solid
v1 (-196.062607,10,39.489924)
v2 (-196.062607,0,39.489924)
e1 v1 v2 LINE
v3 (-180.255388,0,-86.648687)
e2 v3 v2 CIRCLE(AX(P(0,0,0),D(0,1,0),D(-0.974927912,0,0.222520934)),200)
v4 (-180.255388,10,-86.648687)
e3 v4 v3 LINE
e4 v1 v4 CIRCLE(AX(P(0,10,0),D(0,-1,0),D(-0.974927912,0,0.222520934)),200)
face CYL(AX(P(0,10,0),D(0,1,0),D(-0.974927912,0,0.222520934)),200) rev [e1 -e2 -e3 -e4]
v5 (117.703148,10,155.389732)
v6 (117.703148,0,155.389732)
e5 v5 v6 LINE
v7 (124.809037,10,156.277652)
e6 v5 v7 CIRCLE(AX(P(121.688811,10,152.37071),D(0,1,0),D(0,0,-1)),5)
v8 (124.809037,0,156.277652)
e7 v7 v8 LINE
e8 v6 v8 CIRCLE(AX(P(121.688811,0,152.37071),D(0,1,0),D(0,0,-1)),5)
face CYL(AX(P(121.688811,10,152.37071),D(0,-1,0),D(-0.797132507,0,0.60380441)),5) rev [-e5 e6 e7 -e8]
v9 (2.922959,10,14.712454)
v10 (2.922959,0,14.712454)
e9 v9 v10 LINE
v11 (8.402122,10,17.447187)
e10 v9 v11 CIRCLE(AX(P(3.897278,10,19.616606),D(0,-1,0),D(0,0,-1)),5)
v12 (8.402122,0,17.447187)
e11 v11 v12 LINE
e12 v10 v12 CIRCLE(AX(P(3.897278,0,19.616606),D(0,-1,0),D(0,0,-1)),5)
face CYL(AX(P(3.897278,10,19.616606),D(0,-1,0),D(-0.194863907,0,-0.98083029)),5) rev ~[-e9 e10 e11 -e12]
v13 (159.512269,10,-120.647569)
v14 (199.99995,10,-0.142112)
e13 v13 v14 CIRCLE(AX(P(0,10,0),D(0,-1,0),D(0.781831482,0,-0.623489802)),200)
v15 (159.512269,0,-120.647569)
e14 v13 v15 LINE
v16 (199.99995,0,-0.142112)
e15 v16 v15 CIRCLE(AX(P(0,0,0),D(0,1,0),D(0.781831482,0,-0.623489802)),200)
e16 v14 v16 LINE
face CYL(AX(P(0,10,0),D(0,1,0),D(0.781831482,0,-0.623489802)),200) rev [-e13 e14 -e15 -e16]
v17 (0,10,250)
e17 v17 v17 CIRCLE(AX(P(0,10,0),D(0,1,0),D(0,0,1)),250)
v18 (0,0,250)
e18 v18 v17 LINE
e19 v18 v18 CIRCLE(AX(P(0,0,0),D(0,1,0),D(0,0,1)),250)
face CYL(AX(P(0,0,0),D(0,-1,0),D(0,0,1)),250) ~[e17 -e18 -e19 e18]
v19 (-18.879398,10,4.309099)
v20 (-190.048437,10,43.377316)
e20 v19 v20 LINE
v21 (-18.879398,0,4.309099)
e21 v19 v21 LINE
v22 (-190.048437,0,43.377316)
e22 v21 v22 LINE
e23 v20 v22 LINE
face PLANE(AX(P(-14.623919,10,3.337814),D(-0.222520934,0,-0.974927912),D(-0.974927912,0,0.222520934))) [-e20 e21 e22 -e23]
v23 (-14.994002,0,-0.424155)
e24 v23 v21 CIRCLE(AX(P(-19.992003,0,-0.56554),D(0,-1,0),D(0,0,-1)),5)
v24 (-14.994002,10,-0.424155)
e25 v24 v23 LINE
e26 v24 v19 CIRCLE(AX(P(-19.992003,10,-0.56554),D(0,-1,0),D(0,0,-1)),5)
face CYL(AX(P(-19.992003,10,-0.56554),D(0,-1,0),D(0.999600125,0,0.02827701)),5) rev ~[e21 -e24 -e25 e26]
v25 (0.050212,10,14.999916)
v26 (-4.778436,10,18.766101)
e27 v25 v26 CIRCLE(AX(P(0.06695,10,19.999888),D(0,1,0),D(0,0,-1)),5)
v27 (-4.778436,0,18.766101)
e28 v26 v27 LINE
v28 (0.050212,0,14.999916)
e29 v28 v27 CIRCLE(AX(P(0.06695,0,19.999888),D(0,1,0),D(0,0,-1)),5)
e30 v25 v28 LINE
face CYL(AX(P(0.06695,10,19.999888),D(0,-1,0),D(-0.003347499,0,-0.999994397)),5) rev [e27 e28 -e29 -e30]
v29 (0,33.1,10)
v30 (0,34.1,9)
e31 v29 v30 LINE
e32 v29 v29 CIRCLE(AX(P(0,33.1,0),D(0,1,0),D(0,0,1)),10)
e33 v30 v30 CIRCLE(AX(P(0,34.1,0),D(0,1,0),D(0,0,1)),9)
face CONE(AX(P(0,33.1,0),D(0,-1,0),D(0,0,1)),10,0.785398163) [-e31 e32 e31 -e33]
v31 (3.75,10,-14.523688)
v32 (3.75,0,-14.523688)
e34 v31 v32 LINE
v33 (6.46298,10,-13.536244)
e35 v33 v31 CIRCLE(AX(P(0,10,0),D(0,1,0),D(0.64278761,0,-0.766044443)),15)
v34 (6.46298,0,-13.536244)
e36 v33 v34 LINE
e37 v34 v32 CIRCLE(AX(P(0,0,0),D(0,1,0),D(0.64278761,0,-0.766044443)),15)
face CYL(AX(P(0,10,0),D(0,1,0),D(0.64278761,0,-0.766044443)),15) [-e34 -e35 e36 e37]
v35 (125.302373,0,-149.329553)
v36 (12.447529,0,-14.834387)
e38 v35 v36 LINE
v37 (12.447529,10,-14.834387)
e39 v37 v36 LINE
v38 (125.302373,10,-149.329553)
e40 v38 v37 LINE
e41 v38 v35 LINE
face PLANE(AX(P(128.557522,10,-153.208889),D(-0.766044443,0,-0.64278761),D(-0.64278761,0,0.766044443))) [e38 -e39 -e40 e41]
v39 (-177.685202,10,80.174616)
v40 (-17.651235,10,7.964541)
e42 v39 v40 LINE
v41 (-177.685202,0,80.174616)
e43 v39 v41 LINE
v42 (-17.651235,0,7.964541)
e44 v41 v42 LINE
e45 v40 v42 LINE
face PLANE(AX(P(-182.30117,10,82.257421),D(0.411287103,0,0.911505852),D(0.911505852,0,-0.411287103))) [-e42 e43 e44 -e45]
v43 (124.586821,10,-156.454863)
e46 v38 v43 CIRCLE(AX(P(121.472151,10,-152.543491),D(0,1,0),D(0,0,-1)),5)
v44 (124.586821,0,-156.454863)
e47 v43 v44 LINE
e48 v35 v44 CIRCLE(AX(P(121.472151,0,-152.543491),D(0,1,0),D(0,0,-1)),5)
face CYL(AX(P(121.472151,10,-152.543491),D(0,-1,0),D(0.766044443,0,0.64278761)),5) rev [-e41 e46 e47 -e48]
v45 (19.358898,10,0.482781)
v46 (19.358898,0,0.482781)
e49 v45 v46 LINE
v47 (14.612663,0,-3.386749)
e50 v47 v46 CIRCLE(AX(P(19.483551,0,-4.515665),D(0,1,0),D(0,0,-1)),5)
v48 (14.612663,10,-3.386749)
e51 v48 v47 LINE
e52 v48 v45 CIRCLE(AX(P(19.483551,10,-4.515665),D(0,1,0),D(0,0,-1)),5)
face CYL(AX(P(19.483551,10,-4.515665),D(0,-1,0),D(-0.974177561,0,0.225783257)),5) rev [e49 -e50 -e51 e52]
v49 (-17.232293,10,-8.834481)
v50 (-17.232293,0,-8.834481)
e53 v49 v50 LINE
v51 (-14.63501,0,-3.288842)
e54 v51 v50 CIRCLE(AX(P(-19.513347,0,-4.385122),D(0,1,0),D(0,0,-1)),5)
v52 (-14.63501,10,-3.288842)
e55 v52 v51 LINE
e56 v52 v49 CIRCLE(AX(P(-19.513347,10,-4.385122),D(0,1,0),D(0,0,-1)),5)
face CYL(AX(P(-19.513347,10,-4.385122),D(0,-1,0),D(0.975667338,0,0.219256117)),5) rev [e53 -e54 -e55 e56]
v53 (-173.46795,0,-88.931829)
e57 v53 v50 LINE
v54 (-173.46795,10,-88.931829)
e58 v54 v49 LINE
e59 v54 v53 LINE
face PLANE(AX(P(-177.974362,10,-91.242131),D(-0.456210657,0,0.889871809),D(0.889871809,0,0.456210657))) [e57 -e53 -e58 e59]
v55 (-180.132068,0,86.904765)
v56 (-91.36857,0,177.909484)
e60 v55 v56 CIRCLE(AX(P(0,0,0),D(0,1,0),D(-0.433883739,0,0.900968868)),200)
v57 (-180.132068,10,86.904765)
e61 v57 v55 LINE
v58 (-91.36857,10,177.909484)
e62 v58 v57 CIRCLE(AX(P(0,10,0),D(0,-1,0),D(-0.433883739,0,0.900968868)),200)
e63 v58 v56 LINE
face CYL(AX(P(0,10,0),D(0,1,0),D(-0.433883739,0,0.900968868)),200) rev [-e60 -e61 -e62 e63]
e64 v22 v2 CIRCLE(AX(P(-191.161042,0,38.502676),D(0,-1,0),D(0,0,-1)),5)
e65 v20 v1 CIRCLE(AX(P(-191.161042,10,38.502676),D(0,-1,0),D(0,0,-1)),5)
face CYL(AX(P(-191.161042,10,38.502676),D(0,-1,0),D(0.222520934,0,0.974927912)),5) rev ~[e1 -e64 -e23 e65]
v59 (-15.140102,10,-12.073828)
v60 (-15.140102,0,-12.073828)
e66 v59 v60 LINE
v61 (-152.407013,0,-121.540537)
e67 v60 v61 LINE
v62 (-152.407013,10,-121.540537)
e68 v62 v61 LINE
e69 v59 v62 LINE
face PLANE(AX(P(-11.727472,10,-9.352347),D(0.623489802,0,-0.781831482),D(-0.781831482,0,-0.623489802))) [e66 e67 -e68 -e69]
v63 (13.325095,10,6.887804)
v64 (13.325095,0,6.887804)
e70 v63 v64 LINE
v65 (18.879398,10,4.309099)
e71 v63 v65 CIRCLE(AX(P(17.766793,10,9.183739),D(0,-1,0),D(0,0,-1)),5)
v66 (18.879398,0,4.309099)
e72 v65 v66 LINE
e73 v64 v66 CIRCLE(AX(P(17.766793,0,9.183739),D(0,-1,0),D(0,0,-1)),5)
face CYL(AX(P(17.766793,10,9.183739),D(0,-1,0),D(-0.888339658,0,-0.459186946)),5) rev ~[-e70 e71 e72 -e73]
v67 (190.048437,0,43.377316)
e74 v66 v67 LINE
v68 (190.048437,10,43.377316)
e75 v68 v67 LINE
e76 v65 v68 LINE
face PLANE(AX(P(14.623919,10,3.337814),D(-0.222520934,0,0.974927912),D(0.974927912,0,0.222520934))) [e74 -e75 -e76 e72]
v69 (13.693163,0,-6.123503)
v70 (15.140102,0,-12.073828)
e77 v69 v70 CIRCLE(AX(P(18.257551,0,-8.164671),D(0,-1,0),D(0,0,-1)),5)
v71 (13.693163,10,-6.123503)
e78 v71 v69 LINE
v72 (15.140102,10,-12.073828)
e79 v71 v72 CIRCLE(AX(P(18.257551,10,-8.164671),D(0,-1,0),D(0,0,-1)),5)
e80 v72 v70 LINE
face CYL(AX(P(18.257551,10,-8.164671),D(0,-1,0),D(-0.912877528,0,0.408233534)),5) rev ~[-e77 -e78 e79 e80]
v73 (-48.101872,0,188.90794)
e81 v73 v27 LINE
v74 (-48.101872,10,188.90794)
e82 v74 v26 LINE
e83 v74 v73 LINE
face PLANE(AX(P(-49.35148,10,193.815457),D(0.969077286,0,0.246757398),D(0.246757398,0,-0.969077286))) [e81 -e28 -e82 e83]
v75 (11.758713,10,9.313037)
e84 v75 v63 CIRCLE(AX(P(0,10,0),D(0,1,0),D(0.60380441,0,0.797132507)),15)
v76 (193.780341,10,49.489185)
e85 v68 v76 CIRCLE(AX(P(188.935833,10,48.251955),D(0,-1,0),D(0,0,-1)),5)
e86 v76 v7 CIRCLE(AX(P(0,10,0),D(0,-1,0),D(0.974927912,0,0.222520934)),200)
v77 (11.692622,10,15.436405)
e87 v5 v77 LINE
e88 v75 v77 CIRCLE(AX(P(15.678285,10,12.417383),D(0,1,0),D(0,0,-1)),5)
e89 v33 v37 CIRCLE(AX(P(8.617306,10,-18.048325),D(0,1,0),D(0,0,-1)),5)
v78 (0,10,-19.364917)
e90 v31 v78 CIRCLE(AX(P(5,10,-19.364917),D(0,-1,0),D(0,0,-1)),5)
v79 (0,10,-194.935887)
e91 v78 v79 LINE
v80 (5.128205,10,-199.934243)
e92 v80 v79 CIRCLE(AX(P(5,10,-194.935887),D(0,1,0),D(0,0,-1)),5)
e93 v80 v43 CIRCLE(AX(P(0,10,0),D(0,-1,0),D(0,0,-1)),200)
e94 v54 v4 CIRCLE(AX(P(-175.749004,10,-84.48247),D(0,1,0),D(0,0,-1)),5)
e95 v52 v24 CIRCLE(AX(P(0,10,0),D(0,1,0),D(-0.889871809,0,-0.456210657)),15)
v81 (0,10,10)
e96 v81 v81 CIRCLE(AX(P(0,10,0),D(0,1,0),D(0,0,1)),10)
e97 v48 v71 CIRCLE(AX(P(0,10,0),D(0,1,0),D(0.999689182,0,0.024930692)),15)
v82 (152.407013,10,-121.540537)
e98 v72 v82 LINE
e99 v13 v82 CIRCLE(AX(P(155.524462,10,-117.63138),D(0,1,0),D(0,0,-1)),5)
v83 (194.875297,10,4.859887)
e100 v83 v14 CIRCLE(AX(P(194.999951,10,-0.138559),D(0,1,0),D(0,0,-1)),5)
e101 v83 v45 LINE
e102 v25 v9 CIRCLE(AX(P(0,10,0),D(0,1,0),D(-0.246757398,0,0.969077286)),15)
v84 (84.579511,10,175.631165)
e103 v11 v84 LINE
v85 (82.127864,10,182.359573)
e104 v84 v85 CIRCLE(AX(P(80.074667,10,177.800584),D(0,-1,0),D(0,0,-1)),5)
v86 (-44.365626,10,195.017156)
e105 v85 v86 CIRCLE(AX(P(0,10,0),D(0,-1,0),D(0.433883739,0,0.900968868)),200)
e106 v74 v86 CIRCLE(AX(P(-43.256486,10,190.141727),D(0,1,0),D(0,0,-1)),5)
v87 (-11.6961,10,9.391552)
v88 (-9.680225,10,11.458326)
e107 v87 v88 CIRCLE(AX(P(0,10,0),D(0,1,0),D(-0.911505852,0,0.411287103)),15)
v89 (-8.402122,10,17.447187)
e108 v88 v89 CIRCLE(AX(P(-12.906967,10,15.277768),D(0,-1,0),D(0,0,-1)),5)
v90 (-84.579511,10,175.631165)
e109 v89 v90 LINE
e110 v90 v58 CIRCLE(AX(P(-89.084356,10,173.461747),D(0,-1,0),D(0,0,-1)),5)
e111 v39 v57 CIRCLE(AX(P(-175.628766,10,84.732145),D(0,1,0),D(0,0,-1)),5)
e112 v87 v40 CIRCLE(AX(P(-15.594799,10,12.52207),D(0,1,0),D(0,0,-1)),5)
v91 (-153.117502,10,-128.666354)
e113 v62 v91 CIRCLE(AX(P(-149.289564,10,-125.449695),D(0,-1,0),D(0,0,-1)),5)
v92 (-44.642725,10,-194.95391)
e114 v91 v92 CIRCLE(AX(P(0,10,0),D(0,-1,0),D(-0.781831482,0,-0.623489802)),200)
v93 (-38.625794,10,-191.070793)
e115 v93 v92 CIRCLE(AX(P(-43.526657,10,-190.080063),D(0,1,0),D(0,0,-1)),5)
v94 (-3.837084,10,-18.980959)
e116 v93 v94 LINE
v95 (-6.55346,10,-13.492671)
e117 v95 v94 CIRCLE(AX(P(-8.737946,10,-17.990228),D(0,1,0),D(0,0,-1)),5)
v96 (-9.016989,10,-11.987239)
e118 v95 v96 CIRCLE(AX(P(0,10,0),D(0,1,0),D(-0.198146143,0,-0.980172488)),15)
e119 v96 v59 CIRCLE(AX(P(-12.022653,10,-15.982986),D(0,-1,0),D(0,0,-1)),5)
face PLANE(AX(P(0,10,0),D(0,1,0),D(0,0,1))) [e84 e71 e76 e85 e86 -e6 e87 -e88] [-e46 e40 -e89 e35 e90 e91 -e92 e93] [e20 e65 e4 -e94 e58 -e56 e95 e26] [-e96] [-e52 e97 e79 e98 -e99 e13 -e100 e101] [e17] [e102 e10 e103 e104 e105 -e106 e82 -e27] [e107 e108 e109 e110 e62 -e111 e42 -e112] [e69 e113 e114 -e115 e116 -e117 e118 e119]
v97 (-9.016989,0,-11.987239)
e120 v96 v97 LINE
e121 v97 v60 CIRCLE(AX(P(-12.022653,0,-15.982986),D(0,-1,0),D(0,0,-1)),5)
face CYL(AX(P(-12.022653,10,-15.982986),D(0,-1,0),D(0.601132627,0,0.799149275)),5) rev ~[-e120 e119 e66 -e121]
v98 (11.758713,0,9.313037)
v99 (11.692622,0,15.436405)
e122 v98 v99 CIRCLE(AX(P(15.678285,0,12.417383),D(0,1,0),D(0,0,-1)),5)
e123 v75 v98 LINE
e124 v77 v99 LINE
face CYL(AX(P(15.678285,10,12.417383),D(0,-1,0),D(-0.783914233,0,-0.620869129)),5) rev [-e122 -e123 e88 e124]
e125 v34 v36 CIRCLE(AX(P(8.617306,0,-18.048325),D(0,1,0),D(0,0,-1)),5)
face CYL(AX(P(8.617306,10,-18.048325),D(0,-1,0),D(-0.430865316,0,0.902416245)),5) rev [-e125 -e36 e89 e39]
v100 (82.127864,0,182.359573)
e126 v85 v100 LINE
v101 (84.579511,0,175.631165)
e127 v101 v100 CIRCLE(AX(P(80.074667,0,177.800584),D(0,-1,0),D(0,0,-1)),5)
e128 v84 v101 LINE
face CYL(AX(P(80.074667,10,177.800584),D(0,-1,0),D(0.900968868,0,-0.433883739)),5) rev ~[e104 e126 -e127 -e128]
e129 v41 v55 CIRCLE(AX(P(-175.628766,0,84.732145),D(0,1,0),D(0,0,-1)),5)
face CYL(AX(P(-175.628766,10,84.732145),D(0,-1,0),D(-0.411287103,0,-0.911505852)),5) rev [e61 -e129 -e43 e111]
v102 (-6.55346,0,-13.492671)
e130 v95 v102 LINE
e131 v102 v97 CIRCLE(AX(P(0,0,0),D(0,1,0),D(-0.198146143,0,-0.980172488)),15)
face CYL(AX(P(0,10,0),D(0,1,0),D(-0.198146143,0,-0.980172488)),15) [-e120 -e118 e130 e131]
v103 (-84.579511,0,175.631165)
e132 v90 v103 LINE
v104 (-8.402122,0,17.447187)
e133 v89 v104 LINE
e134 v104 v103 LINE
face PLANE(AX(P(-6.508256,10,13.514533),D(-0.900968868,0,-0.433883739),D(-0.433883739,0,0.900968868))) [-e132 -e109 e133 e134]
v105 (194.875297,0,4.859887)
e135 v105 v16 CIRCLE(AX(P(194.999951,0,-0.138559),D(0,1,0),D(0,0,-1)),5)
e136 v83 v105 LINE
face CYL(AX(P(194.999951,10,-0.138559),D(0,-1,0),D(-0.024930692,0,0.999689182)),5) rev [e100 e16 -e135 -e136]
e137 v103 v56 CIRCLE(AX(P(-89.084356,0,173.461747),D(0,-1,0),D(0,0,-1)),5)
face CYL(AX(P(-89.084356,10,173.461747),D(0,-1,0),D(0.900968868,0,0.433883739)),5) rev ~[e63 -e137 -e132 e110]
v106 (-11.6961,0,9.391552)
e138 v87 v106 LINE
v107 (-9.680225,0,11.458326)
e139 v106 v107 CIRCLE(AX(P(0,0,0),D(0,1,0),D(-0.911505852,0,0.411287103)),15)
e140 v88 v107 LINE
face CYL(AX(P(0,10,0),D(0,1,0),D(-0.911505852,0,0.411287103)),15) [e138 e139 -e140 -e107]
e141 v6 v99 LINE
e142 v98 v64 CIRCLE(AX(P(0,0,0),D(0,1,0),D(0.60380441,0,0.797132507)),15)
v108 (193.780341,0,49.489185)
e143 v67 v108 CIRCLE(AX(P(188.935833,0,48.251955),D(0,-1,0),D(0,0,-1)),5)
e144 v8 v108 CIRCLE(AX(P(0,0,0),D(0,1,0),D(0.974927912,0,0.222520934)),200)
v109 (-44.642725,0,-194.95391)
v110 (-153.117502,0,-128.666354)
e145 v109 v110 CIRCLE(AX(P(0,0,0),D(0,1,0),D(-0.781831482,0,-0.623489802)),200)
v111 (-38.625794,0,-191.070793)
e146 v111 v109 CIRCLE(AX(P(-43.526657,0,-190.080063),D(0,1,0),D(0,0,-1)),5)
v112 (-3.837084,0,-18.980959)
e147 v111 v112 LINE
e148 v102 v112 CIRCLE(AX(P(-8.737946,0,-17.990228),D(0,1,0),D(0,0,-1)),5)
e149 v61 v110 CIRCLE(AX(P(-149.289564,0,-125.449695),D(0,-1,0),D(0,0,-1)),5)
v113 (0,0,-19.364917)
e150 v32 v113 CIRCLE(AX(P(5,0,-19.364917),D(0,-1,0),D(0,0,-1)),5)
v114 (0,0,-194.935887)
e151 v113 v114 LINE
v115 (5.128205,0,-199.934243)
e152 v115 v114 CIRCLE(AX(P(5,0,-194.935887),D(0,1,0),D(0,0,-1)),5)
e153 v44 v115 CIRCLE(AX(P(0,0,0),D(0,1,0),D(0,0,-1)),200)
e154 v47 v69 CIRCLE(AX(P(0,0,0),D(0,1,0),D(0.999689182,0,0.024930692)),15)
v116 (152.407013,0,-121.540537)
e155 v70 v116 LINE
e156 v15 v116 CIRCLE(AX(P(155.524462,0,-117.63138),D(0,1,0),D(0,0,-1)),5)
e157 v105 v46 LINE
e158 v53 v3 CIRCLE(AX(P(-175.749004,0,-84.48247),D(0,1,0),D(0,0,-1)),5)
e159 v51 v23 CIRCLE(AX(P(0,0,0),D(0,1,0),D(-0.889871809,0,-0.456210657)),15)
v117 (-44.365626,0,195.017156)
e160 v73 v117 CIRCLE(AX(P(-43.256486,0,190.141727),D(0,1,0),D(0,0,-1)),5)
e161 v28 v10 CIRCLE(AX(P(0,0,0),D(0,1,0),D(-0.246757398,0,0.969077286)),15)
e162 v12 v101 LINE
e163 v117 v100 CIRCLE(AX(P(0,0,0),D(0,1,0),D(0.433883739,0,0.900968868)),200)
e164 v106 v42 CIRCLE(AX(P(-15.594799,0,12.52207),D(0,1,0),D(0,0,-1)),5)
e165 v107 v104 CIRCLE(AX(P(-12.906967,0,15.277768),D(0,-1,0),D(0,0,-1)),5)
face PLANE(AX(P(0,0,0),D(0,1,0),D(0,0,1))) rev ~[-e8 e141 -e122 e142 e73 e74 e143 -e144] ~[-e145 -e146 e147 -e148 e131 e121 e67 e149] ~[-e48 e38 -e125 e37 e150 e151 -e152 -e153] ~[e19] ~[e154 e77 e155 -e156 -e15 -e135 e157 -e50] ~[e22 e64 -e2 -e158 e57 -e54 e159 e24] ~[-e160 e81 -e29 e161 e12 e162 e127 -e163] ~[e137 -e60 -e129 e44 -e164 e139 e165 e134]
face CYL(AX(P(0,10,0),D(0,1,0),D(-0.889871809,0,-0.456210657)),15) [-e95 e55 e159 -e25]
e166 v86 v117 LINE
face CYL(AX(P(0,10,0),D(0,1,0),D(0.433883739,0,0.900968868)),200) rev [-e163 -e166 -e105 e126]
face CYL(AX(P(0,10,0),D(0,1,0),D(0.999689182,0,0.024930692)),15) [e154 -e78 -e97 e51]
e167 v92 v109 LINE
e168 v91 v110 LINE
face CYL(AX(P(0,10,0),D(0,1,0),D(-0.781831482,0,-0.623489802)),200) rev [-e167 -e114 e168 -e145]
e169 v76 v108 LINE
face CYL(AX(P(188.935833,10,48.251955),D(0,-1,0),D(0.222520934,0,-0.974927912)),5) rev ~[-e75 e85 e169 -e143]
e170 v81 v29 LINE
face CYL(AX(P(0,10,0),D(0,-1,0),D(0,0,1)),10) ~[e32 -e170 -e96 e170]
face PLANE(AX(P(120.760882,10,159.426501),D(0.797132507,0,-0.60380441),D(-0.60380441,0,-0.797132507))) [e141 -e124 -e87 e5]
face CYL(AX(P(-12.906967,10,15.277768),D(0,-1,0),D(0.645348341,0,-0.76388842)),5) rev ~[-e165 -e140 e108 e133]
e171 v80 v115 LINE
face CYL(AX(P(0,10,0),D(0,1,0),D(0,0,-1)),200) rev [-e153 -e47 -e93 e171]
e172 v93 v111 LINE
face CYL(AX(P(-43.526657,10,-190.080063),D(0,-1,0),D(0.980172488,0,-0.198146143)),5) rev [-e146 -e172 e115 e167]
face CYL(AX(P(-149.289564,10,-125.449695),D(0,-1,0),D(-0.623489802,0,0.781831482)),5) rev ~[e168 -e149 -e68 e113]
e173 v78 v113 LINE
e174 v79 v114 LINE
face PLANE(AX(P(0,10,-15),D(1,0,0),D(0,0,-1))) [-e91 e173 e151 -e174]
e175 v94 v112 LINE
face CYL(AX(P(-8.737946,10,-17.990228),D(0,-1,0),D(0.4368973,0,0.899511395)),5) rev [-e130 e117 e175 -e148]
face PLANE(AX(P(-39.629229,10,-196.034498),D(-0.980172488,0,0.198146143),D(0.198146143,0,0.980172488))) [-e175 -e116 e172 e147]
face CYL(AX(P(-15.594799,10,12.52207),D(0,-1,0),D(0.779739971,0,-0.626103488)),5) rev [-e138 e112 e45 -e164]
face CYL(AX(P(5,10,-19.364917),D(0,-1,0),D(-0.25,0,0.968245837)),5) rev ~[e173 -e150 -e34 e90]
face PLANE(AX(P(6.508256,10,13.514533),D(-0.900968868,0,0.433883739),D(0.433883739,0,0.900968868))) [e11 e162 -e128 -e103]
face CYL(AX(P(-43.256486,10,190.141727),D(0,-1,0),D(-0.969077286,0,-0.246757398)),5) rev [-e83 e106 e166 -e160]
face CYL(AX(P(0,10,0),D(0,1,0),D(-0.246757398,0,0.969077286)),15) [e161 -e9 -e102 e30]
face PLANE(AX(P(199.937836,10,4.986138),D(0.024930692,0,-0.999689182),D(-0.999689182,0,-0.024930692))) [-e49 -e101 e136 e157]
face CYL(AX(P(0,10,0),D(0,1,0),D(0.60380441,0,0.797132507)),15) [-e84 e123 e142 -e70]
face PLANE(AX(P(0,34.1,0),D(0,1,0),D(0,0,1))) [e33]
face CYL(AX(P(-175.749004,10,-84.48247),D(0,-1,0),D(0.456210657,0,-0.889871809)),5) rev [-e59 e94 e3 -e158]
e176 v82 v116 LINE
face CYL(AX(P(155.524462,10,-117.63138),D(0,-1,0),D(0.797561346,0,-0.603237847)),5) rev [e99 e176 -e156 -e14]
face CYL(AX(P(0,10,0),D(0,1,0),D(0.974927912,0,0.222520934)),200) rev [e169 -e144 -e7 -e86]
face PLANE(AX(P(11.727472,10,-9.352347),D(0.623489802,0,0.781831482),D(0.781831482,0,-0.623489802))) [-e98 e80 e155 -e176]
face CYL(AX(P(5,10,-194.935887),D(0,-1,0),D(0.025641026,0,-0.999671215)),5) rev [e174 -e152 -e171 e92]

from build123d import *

# Parameters (mm, degrees)
SKETCH1_R                = 250
BOSS_EXTRUDE1_DEPTH      = 10
CUT_EXTRUDE1_DEPTH       = 354.694783677
FILLET1_R                = 5
CIRPATTERN1_COUNT        = 7
FILLET1_OF_CIRPATTERN1_R = 5
SKETCH3_R                = 10
BOSS_EXTRUDE2_DEPTH      = 24.1
CHAMFER1_SIZE            = 1


with BuildPart() as part:
    # Sketch1 → Boss-Extrude1 (new body)
    with BuildSketch(Plane(origin=(0, 0, 0), x_dir=(1, 0, 0), z_dir=(0, 1, 0))):
        with Locations(Location((0, 0, 0), (0, 0, 270))):
            Circle(SKETCH1_R)
    extrude(amount=BOSS_EXTRUDE1_DEPTH)

    # Sketch2 → Cut-Extrude1 (cut, through all)
    with BuildSketch(Plane(origin=(0, 10, 0), x_dir=(1, 0, 0), z_dir=(0, 1, 0))):
        with BuildLine():
            Line((0, 15), (0, 200))
            ThreePointArc((0, 200), (68.404028665, 187.938524157), (128.557521937, 153.208888624))
            Line((128.557521937, 153.208888624), (9.641814145, 11.490666647))
            ThreePointArc((9.641814145, 11.490666647), (5.13030215, 14.095389312), (0, 15))
        make_face()
    cut_extrude1 = extrude(amount=-CUT_EXTRUDE1_DEPTH, mode=Mode.SUBTRACT)

    # Fillet1
    fillet1_edges = [part.edges().sort_by_distance(p)[0] for p in [
        (9.641814145, 5, -11.490666647),
        (0, 5, -15),
        (0, 5, -200),
        (128.557521937, 5, -153.208888624),
    ]]
    fillet(fillet1_edges, radius=FILLET1_R)

    # CirPattern1: Cut-Extrude1 ×7 about axis
    cirpattern1_axis = Axis((0, 0, 0), (0, 1, 0))
    for i in range(1, CIRPATTERN1_COUNT):
        add(cut_extrude1.rotate(cirpattern1_axis, i * 360 / CIRPATTERN1_COUNT), mode=Mode.SUBTRACT)

    # Fillet1 of CirPattern1
    fillet1_of_cirpattern1_edges = [part.edges().sort_by_distance(p)[0] for p in [
        (-2.972192148, 5, -14.702587318),
        (-11.727472237, 5, -9.352347028),
        (-156.366296494, 5, -124.697960372),
        (-39.62922864, 5, -196.03449757),
        (-13.348077132, 5, -6.84315986),
        (-14.623918683, 5, 3.337814009),
        (-194.985582436, 5, 44.504186791),
        (-177.974361762, 5, -91.242131471),
        (-13.672587785, 5, 6.169306547),
        (-6.508256087, 5, 13.514533019),
        (-86.776747824, 5, 180.19377358),
        (-182.301170462, 5, 82.257420626),
        (-3.701360965, 5, 14.536159293),
        (6.508256087, 5, 13.514533019),
        (86.776747824, 5, 180.19377358),
        (-49.351479538, 5, 193.815457246),
        (9.057066155, 5, 11.956987608),
        (14.623918683, 5, 3.337814009),
        (194.985582436, 5, 44.504186791),
        (120.760882065, 5, 159.426501445),
        (14.99533773, 5, 0.373960376),
        (11.727472237, 5, -9.352347028),
        (156.366296494, 5, -124.697960372),
        (199.9378364, 5, 4.986138348),
    ]]
    fillet(fillet1_of_cirpattern1_edges, radius=FILLET1_OF_CIRPATTERN1_R)

    # Sketch3 → Boss-Extrude2 (add)
    with BuildSketch(Plane(origin=(0, 10, 0), x_dir=(1, 0, 0), z_dir=(0, 1, 0))):
        with Locations(Location((0, 0, 0), (0, 0, 270))):
            Circle(SKETCH3_R)
    extrude(amount=BOSS_EXTRUDE2_DEPTH)

    # Chamfer1
    chamfer1_edges = [part.edges().sort_by_distance(p)[0] for p in [
        (0, 34.1, -10),
    ]]
    chamfer(chamfer1_edges, length=CHAMFER1_SIZE)


solid = part.part
